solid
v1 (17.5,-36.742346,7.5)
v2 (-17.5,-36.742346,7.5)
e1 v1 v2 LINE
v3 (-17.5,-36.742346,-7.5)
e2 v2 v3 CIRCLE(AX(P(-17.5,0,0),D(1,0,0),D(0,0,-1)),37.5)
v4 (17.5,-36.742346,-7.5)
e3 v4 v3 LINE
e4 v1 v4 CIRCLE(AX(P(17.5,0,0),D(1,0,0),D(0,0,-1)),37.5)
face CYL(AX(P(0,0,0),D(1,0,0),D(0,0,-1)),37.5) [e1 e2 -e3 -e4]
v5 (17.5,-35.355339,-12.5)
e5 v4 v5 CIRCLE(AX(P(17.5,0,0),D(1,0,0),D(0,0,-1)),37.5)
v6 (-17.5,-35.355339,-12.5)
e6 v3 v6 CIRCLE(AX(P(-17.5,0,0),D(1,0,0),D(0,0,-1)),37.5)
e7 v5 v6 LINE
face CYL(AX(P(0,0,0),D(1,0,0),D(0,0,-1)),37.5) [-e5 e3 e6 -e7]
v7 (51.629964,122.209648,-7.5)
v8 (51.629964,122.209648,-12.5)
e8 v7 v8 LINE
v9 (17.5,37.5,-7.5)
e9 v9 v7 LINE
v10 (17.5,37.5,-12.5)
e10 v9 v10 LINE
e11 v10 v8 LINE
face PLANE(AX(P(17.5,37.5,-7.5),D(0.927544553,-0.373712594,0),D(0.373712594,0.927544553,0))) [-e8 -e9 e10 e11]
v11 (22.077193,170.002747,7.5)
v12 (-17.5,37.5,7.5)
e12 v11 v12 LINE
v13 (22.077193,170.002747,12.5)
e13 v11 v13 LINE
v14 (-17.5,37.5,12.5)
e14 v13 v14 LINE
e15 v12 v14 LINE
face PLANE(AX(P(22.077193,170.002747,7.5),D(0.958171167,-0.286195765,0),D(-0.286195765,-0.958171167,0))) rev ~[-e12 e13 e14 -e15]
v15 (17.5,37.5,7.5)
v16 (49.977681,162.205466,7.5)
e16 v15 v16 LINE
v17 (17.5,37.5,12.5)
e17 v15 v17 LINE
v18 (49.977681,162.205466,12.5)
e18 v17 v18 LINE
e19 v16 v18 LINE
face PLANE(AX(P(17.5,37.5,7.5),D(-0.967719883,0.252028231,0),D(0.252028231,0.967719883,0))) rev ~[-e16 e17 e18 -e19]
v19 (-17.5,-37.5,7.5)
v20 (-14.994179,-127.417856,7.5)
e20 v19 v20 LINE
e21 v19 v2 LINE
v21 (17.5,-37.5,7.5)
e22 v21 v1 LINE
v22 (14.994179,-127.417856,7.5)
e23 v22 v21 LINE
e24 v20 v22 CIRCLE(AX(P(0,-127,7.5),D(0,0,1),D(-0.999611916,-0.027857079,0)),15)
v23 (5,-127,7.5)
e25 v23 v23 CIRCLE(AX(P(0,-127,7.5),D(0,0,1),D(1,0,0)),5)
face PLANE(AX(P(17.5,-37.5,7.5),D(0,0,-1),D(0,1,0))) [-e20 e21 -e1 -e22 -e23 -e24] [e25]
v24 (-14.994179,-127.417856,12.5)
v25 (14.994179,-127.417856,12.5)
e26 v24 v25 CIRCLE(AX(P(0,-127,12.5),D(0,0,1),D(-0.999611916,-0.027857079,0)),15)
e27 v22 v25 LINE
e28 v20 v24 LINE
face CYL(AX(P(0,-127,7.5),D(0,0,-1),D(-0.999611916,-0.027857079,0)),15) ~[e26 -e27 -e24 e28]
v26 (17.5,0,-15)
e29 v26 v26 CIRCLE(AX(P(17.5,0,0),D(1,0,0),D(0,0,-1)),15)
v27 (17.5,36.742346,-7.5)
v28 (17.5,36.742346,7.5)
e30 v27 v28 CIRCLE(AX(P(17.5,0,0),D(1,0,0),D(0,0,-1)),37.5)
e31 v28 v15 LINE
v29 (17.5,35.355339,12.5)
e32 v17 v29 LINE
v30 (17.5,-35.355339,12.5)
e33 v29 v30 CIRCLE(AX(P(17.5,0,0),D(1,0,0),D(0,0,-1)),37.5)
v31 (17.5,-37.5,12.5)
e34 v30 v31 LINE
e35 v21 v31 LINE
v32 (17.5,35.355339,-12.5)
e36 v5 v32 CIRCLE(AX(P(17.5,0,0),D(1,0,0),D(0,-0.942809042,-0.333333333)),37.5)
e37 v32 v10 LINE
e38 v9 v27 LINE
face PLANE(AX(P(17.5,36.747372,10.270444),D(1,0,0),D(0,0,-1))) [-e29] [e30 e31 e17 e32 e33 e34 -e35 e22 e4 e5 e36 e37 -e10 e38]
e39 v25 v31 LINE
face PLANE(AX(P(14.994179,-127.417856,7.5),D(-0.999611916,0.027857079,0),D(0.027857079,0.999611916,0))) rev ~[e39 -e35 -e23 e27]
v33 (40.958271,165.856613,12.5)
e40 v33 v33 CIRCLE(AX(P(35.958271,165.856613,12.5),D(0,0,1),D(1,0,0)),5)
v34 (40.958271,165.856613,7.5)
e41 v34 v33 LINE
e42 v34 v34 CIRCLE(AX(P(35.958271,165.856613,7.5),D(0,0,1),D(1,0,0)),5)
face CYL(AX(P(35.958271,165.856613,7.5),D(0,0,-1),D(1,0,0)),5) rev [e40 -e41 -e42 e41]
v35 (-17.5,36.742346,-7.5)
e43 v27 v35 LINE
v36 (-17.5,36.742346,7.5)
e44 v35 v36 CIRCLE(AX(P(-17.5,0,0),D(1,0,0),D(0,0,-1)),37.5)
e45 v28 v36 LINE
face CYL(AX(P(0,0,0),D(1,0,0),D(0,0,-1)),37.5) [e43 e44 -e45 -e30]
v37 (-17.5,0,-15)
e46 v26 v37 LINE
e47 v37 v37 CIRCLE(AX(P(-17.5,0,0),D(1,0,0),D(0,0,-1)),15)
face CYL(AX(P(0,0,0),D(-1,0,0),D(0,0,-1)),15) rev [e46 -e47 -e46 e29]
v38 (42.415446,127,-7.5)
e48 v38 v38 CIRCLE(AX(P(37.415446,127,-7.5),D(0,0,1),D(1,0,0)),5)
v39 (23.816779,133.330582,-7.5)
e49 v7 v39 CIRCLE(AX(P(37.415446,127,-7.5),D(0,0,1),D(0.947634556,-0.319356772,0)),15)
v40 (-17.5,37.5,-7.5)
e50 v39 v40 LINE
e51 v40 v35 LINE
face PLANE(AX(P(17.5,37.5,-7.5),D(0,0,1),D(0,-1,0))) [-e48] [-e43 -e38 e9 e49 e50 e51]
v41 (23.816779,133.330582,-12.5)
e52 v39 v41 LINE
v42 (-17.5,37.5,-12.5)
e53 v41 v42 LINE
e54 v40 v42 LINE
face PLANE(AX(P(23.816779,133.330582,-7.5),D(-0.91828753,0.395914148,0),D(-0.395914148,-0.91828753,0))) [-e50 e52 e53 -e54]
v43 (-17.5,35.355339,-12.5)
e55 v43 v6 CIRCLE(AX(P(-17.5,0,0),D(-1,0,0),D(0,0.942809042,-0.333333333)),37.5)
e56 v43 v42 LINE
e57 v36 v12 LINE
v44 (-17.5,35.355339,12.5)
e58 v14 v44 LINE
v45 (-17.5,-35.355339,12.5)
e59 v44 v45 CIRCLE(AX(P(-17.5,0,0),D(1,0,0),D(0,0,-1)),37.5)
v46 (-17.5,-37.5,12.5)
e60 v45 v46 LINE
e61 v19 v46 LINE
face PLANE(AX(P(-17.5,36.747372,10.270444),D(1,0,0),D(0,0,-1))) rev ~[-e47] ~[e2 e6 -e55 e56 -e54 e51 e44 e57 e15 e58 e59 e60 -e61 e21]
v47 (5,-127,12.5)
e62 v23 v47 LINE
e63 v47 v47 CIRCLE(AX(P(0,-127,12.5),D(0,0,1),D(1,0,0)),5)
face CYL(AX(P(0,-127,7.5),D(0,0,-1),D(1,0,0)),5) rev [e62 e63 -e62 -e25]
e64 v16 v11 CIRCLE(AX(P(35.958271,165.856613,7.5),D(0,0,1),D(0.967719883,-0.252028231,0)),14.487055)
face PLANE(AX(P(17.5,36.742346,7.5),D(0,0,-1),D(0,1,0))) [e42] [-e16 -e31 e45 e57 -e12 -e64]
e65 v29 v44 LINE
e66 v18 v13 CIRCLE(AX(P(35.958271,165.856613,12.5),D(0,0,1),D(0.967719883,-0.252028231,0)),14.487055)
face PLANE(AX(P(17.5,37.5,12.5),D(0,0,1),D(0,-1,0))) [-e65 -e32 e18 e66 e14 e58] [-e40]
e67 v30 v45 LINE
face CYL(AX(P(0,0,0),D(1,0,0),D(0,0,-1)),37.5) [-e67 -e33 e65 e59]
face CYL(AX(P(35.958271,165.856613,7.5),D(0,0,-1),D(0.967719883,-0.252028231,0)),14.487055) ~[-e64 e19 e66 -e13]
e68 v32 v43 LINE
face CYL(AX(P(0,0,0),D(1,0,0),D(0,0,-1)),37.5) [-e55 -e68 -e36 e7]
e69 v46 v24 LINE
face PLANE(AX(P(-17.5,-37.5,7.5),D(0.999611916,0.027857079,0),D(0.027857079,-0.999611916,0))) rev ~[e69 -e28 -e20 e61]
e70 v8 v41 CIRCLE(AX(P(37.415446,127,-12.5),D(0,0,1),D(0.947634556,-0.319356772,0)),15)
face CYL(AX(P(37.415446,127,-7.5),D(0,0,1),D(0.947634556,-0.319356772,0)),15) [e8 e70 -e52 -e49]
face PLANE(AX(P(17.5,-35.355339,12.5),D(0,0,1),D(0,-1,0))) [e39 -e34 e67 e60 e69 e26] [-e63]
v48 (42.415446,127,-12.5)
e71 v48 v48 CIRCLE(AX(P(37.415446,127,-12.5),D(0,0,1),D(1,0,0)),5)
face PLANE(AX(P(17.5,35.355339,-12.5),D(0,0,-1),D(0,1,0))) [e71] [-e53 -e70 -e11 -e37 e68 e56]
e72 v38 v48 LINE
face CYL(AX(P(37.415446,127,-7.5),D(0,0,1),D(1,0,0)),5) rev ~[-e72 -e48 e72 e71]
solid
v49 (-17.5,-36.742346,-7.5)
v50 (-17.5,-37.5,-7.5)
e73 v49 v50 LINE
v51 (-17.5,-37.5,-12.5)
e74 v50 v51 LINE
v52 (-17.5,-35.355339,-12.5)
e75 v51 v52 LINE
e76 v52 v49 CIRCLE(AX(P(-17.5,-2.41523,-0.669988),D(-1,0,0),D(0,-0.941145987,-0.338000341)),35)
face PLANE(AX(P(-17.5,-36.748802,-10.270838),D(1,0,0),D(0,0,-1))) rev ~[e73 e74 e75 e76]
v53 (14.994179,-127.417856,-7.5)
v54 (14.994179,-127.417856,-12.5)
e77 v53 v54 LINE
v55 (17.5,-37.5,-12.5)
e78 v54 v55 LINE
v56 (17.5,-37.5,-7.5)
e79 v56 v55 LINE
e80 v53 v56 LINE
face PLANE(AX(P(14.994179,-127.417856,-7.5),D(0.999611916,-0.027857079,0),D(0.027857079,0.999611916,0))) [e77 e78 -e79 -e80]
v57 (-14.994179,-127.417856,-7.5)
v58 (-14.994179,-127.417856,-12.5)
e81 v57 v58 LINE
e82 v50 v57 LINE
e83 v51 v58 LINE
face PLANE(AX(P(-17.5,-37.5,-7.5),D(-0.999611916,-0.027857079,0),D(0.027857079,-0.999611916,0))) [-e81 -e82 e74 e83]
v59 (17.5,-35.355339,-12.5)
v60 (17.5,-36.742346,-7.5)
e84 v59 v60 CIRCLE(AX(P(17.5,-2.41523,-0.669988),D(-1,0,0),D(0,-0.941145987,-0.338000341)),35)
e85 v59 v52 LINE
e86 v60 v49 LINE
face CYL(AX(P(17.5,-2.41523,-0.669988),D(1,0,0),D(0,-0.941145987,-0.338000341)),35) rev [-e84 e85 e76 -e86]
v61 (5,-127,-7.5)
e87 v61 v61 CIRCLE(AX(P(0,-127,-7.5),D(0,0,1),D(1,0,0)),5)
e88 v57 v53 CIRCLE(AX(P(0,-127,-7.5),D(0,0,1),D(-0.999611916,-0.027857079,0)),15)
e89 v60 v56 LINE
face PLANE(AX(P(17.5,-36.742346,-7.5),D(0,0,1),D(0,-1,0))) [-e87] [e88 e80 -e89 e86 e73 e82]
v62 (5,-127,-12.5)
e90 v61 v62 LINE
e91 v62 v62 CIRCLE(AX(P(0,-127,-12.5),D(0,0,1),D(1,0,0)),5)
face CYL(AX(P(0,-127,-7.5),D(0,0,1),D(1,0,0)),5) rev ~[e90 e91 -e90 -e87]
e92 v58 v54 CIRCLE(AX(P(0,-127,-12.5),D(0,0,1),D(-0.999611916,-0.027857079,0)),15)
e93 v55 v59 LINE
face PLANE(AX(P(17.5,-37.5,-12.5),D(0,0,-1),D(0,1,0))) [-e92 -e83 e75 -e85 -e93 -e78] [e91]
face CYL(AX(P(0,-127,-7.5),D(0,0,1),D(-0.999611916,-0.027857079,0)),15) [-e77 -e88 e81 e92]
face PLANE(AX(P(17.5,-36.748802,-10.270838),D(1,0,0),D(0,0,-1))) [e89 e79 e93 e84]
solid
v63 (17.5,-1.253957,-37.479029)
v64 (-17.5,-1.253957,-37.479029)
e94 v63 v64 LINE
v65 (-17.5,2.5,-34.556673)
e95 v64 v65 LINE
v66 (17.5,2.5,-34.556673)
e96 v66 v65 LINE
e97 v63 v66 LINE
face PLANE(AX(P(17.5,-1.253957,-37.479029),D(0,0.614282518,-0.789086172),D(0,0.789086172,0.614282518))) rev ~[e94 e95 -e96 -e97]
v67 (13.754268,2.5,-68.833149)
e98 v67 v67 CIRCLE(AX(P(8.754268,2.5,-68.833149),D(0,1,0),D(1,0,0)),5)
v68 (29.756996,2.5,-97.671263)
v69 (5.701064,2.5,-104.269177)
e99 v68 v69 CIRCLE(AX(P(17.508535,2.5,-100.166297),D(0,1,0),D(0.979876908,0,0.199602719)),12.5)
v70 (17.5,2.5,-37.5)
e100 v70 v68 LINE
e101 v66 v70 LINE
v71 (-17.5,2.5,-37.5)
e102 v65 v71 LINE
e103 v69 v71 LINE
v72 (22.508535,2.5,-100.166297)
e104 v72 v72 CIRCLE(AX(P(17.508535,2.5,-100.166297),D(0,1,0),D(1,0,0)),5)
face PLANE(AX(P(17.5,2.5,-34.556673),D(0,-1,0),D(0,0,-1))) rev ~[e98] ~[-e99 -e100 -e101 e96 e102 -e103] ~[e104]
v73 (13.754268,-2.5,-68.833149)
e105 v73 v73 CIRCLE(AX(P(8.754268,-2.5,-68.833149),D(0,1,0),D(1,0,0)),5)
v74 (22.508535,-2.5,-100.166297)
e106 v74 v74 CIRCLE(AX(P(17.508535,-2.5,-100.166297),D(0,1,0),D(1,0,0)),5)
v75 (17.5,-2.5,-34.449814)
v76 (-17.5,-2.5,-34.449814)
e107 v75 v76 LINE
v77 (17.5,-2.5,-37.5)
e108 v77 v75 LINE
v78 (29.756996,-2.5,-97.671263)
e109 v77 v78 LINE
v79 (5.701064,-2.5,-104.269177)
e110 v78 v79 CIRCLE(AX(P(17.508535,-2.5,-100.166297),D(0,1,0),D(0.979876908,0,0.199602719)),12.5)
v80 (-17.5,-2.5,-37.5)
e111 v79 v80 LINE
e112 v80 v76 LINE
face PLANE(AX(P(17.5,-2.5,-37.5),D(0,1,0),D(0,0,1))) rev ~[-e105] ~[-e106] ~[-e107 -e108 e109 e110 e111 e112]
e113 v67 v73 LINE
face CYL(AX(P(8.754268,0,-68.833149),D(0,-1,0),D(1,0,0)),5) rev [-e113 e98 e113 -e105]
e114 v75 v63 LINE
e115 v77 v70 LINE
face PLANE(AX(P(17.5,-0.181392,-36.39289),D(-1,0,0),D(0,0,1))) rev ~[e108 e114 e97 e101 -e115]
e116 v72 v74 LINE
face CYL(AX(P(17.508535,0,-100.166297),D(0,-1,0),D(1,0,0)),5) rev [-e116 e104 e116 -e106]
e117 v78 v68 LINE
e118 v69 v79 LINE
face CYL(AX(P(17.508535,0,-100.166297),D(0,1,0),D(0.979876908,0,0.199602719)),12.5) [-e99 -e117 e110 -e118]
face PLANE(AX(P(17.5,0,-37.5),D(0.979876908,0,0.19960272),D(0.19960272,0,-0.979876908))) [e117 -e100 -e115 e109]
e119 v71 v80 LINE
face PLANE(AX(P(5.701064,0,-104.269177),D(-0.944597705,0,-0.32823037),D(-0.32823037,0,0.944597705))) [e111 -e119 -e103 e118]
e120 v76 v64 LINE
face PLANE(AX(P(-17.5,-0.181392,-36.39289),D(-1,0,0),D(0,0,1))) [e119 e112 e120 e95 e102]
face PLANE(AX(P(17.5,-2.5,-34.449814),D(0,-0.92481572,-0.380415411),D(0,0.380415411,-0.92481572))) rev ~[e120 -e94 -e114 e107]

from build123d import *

# Parameters (mm, degrees)
SKETCH1_R             = 37.5
SKETCH1_R_2           = 15
BOSS_EXTRUDE1_DEPTH   = 17.5
SKETCH5_R             = 5
BOSS_EXTRUDE3_DEPTH   = 5
BOSS_EXTRUDE3_2_DEPTH = 5
SKETCH4_R             = 5
BOSS_EXTRUDE5_DEPTH   = 5
BOSS_EXTRUDE5_2_DEPTH = 5
SKETCH10_R            = 5
BOSS_EXTRUDE8_DEPTH   = 2.5
BOSS_EXTRUDE9_DEPTH   = 35
BOSS_EXTRUDE10_DEPTH  = 35


with BuildPart() as part:
    # Sketch1 → Boss-Extrude1 (new body, symmetric)
    with BuildSketch(Plane(origin=(0, 0, 0), x_dir=(0, 0, -1), z_dir=(1, 0, 0))):
        Circle(SKETCH1_R)
        Circle(SKETCH1_R_2, mode=Mode.SUBTRACT)
    extrude(amount=BOSS_EXTRUDE1_DEPTH, both=True)



with BuildPart() as body_2:
    # Sketch5 → Boss-Extrude3 (new body)
    with BuildSketch(Plane.XY.offset(-7.5)):
        with BuildLine():
            Line((-17.5, -37.5), (-14.994178744, -127.417856179))
            ThreePointArc((-14.994178744, -127.417856179), (0, -142), (14.994178744, -127.417856179))
            Line((14.994178744, -127.417856179), (17.5, -37.5))
            Line((17.5, -37.5), (-17.5, -37.5))
        make_face()
        with Locations((0, -127)):
            Circle(SKETCH5_R, mode=Mode.SUBTRACT)
    extrude(amount=-BOSS_EXTRUDE3_DEPTH)


with BuildPart() as body_3:
    # Sketch5 → Boss-Extrude3 2 (new body)
    with BuildSketch(Plane.XY.offset(-7.5)):
        with BuildLine():
            Line((-17.5, 37.5), (17.5, 37.5))
            Line((17.5, 37.5), (51.629964252, 122.209648423))
            ThreePointArc((51.629964252, 122.209648423), (42.984432417, 140.927899671), (23.816779492, 133.330582259))
            Line((23.816779492, 133.330582259), (-17.5, 37.5))
        make_face()
        with Locations((37.415445907, 127)):
            Circle(SKETCH5_R, mode=Mode.SUBTRACT)
    extrude(amount=-BOSS_EXTRUDE3_2_DEPTH)


with BuildPart() as body_4:
    # Sketch4 → Boss-Extrude5 (new body)
    with BuildSketch(Plane.XY.offset(7.5)):
        with BuildLine():
            Line((-17.5, -37.5), (-14.994178744, -127.417856179))
            ThreePointArc((-14.994178744, -127.417856179), (0, -142), (14.994178744, -127.417856179))
            Line((14.994178744, -127.417856179), (17.5, -37.5))
            Line((17.5, -37.5), (-17.5, -37.5))
        make_face()
        with Locations((0, -127)):
            Circle(SKETCH4_R, mode=Mode.SUBTRACT)
    extrude(amount=BOSS_EXTRUDE5_DEPTH)


with BuildPart() as body_5:
    # Sketch4 → Boss-Extrude5 2 (new body)
    with BuildSketch(Plane.XY.offset(7.5)):
        with BuildLine():
            Line((-17.5, 37.5), (17.5, 37.5))
            Line((17.5, 37.5), (49.97768135, 162.205466156))
            ThreePointArc((49.97768135, 162.205466156), (39.857524308, 179.809052463), (22.07719266, 170.002746536))
            Line((22.07719266, 170.002746536), (-17.5, 37.5))
        make_face()
        with Locations((35.95827062, 165.856612881)):
            Circle(SKETCH4_R, mode=Mode.SUBTRACT)
    extrude(amount=BOSS_EXTRUDE5_2_DEPTH)


with BuildPart() as body_6:
    # Sketch10 → Boss-Extrude8 (new body, symmetric)
    with BuildSketch(Plane(origin=(0, 0, 0), x_dir=(1, 0, 0), z_dir=(0, 1, 0))):
        with BuildLine():
            Line((-17.5, 37.5), (17.5, 37.5))
            Line((17.5, 37.5), (29.756996459, 97.671263278))
            ThreePointArc((29.756996459, 97.671263278), (20.81485241, 112.22109988), (5.701063799, 104.269176894))
            Line((5.701063799, 104.269176894), (-17.5, 37.5))
        make_face()
        with Locations((17.508535112, 100.166297272)):
            Circle(SKETCH10_R, mode=Mode.SUBTRACT)
        with Locations((8.754267556, 68.833148636)):
            Circle(SKETCH10_R, mode=Mode.SUBTRACT)
    extrude(amount=BOSS_EXTRUDE8_DEPTH, both=True)

    # Sketch11 → Boss-Extrude9 (add)
    with BuildSketch(Plane(origin=(17.5, 0, 0), x_dir=(0, 0, -1), z_dir=(1, 0, 0))):
        Polygon((37.5, -2.5), (34.44981399, -2.5), (37.479028687, -1.253957217), (34.556673216, 2.5), (37.5, 2.5), align=None)
    extrude(amount=-BOSS_EXTRUDE9_DEPTH)


with BuildPart() as part_1:
    add(part.part)

    add(body_2.part)  # Boss-Extrude10 merges body 2

    add(body_3.part)  # Boss-Extrude10 merges body 3

    add(body_4.part)  # Boss-Extrude10 merges body 4

    add(body_5.part)  # Boss-Extrude10 merges body 5
    # Sketch7 → Boss-Extrude10 (add)
    with BuildSketch(Plane(origin=(17.5, 0, 0), x_dir=(0, 0, -1), z_dir=(1, 0, 0))):
        with BuildLine():
            Line((-7.5, 37.5), (-12.5, 37.5))
            Line((-12.5, 37.5), (-12.5, 35.355339059))
            ThreePointArc((-12.5, 35.355339059), (-10.024018514, 36.135426562), (-7.5, 36.742346142))
            Line((-7.5, 36.742346142), (-7.5, 37.5))
        make_face()
        with BuildLine():
            Line((7.5, 37.5), (7.5, 36.742346142))
            ThreePointArc((7.5, 36.742346142), (10.024018514, 36.135426562), (12.5, 35.355339059))
            Line((12.5, 35.355339059), (12.5, 37.5))
            Line((12.5, 37.5), (7.5, 37.5))
        make_face()
        with BuildLine():
            Line((7.5, -36.742346142), (7.5, -37.5))
            Line((7.5, -37.5), (12.5, -37.5))
            Line((12.5, -37.5), (12.5, -35.355339059))
            ThreePointArc((12.5, -35.355339059), (10.025738696, -36.141627621), (7.5, -36.742346142))
        make_face()
        with BuildLine():
            Line((-12.5, -37.5), (-7.5, -37.5))
            Line((-7.5, -37.5), (-7.5, -36.742346142))
            ThreePointArc((-7.5, -36.742346142), (-10.024018514, -36.135426562), (-12.5, -35.355339059))
            Line((-12.5, -35.355339059), (-12.5, -37.5))
        make_face()
    extrude(amount=-BOSS_EXTRUDE10_DEPTH)


solid = Compound([body_6.part, part_1.part])
